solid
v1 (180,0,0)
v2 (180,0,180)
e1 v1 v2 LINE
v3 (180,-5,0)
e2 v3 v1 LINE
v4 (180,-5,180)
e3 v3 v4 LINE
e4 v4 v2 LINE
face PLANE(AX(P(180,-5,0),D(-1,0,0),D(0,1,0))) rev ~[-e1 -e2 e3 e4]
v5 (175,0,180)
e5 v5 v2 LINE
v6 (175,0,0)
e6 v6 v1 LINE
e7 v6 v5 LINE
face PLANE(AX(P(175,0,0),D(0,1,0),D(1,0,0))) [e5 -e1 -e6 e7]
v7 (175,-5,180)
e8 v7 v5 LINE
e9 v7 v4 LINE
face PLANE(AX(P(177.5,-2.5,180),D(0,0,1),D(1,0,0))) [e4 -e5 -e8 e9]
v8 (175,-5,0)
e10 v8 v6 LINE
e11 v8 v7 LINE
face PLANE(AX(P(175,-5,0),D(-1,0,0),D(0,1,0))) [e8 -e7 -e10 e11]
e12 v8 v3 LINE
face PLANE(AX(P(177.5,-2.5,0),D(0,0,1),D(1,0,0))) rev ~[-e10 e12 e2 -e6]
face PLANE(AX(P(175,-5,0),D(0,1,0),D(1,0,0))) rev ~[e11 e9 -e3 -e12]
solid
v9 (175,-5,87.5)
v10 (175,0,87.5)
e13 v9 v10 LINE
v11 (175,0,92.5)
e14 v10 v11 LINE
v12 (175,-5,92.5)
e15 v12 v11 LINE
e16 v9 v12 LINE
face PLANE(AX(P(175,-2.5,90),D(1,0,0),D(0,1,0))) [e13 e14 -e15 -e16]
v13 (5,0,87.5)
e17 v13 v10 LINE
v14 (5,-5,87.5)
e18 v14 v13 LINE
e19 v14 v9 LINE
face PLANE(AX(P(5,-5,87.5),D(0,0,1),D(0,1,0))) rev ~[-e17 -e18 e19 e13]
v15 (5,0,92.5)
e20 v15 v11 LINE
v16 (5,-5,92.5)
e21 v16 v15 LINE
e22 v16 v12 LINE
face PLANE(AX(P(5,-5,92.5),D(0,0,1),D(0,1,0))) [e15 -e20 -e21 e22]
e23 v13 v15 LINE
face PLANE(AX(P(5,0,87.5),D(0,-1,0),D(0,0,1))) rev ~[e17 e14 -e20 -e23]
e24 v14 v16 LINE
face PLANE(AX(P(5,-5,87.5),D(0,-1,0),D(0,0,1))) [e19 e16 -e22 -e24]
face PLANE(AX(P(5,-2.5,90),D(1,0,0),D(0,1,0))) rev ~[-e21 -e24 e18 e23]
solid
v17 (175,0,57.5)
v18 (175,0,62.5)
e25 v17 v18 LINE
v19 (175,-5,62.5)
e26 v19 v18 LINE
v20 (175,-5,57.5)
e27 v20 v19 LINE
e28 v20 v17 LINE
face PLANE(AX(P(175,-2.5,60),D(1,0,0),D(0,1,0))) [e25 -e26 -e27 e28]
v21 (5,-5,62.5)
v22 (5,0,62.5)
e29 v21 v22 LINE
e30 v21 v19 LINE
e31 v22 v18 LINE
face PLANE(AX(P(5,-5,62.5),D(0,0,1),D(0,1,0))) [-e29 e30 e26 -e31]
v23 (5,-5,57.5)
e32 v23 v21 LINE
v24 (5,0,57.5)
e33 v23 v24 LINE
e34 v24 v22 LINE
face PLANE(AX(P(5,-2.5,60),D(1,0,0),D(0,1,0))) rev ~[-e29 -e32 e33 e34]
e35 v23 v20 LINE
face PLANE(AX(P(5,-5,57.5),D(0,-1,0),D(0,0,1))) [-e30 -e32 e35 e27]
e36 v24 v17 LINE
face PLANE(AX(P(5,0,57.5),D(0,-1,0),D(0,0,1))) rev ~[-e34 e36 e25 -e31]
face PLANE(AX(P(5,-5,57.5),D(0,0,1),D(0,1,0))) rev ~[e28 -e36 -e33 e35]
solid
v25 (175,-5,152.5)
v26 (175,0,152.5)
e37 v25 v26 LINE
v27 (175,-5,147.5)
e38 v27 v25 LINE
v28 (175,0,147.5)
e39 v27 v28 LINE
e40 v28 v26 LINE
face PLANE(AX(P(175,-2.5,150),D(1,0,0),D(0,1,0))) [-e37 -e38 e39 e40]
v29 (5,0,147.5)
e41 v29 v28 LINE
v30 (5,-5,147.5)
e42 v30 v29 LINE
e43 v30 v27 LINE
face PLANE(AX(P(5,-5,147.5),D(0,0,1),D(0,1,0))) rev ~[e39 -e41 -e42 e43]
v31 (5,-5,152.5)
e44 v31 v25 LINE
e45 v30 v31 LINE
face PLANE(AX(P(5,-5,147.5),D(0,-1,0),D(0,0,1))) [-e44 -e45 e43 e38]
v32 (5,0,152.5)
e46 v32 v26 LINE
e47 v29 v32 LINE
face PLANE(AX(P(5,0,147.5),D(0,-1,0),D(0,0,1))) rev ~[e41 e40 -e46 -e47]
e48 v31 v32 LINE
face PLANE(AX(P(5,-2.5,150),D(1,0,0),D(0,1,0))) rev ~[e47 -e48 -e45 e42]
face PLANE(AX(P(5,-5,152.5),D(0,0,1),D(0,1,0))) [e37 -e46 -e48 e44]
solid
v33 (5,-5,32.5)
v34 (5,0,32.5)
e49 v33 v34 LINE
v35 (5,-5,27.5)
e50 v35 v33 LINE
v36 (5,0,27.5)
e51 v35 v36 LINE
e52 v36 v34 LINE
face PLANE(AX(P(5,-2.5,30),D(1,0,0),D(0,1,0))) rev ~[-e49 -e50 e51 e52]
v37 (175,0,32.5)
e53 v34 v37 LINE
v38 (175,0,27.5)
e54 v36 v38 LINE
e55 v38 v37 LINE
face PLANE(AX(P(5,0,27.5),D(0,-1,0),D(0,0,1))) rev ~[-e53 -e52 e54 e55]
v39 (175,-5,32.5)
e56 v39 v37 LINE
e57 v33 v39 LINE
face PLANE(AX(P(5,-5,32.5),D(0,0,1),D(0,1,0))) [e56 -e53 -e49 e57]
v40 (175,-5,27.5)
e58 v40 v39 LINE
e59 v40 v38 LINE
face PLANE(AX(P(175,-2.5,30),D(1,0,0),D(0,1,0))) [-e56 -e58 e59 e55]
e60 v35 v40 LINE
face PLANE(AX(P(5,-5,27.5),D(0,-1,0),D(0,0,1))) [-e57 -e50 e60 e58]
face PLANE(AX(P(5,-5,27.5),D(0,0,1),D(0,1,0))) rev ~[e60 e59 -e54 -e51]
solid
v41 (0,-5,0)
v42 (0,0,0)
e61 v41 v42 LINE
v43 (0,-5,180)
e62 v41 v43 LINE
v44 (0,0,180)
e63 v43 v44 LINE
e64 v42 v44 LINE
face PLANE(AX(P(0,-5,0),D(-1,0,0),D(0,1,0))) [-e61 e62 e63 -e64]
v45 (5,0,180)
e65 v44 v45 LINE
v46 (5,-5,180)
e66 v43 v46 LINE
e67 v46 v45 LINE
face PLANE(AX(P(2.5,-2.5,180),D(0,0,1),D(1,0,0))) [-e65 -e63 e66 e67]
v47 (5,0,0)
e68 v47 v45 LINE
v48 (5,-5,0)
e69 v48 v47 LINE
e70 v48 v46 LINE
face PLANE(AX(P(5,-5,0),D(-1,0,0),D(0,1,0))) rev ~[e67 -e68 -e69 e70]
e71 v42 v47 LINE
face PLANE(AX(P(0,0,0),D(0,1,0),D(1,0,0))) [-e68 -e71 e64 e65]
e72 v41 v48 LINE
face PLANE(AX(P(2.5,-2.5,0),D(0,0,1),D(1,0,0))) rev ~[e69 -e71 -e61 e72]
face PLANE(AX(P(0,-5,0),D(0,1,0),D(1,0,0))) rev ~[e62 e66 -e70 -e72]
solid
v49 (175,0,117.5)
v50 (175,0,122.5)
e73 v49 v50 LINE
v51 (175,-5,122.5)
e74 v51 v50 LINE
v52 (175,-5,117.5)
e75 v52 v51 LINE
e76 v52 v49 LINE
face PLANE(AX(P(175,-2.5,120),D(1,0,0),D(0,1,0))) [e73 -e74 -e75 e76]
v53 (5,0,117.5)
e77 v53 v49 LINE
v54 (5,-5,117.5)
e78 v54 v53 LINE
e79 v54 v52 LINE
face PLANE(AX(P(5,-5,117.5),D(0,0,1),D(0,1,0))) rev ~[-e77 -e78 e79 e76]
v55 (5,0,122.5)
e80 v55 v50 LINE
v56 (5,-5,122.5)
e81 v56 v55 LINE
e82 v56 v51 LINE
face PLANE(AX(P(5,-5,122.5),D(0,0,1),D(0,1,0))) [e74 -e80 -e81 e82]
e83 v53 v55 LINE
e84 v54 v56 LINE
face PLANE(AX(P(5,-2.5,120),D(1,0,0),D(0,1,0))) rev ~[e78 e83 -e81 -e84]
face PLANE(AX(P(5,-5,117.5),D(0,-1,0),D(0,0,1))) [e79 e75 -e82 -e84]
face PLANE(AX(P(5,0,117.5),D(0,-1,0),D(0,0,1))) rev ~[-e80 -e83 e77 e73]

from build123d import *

# Parameters (mm, degrees)
F0_W     = 5
F0_H     = 5
F1_DEPTH = 180
F2_W     = 5
F2_H     = 5
F3_DEPTH = 170


with BuildPart() as f1:
    # F0 (on Top) → F1 (new body)
    with BuildSketch(Plane.XY):
        with Locations((2.5, -2.5)):
            Rectangle(F0_W, F0_H)
        with Locations((177.5, -2.5)):
            Rectangle(F0_W, F0_H)
    extrude(amount=F1_DEPTH)


with BuildPart() as f3:
    # F2 (on face) → F3 (new body)
    with BuildSketch(Plane.YZ.offset(5)):
        with Locations((-2.5, 30)):
            Rectangle(F2_W, F2_H)
        with Locations((-2.5, 60)):
            Rectangle(F2_W, F2_H)
        with Locations((-2.5, 90)):
            Rectangle(F2_W, F2_H)
        with Locations((-2.5, 120)):
            Rectangle(F2_W, F2_H)
        with Locations((-2.5, 150)):
            Rectangle(F2_W, F2_H)
    extrude(amount=F3_DEPTH)


solid = Compound([f1.part, f3.part])
